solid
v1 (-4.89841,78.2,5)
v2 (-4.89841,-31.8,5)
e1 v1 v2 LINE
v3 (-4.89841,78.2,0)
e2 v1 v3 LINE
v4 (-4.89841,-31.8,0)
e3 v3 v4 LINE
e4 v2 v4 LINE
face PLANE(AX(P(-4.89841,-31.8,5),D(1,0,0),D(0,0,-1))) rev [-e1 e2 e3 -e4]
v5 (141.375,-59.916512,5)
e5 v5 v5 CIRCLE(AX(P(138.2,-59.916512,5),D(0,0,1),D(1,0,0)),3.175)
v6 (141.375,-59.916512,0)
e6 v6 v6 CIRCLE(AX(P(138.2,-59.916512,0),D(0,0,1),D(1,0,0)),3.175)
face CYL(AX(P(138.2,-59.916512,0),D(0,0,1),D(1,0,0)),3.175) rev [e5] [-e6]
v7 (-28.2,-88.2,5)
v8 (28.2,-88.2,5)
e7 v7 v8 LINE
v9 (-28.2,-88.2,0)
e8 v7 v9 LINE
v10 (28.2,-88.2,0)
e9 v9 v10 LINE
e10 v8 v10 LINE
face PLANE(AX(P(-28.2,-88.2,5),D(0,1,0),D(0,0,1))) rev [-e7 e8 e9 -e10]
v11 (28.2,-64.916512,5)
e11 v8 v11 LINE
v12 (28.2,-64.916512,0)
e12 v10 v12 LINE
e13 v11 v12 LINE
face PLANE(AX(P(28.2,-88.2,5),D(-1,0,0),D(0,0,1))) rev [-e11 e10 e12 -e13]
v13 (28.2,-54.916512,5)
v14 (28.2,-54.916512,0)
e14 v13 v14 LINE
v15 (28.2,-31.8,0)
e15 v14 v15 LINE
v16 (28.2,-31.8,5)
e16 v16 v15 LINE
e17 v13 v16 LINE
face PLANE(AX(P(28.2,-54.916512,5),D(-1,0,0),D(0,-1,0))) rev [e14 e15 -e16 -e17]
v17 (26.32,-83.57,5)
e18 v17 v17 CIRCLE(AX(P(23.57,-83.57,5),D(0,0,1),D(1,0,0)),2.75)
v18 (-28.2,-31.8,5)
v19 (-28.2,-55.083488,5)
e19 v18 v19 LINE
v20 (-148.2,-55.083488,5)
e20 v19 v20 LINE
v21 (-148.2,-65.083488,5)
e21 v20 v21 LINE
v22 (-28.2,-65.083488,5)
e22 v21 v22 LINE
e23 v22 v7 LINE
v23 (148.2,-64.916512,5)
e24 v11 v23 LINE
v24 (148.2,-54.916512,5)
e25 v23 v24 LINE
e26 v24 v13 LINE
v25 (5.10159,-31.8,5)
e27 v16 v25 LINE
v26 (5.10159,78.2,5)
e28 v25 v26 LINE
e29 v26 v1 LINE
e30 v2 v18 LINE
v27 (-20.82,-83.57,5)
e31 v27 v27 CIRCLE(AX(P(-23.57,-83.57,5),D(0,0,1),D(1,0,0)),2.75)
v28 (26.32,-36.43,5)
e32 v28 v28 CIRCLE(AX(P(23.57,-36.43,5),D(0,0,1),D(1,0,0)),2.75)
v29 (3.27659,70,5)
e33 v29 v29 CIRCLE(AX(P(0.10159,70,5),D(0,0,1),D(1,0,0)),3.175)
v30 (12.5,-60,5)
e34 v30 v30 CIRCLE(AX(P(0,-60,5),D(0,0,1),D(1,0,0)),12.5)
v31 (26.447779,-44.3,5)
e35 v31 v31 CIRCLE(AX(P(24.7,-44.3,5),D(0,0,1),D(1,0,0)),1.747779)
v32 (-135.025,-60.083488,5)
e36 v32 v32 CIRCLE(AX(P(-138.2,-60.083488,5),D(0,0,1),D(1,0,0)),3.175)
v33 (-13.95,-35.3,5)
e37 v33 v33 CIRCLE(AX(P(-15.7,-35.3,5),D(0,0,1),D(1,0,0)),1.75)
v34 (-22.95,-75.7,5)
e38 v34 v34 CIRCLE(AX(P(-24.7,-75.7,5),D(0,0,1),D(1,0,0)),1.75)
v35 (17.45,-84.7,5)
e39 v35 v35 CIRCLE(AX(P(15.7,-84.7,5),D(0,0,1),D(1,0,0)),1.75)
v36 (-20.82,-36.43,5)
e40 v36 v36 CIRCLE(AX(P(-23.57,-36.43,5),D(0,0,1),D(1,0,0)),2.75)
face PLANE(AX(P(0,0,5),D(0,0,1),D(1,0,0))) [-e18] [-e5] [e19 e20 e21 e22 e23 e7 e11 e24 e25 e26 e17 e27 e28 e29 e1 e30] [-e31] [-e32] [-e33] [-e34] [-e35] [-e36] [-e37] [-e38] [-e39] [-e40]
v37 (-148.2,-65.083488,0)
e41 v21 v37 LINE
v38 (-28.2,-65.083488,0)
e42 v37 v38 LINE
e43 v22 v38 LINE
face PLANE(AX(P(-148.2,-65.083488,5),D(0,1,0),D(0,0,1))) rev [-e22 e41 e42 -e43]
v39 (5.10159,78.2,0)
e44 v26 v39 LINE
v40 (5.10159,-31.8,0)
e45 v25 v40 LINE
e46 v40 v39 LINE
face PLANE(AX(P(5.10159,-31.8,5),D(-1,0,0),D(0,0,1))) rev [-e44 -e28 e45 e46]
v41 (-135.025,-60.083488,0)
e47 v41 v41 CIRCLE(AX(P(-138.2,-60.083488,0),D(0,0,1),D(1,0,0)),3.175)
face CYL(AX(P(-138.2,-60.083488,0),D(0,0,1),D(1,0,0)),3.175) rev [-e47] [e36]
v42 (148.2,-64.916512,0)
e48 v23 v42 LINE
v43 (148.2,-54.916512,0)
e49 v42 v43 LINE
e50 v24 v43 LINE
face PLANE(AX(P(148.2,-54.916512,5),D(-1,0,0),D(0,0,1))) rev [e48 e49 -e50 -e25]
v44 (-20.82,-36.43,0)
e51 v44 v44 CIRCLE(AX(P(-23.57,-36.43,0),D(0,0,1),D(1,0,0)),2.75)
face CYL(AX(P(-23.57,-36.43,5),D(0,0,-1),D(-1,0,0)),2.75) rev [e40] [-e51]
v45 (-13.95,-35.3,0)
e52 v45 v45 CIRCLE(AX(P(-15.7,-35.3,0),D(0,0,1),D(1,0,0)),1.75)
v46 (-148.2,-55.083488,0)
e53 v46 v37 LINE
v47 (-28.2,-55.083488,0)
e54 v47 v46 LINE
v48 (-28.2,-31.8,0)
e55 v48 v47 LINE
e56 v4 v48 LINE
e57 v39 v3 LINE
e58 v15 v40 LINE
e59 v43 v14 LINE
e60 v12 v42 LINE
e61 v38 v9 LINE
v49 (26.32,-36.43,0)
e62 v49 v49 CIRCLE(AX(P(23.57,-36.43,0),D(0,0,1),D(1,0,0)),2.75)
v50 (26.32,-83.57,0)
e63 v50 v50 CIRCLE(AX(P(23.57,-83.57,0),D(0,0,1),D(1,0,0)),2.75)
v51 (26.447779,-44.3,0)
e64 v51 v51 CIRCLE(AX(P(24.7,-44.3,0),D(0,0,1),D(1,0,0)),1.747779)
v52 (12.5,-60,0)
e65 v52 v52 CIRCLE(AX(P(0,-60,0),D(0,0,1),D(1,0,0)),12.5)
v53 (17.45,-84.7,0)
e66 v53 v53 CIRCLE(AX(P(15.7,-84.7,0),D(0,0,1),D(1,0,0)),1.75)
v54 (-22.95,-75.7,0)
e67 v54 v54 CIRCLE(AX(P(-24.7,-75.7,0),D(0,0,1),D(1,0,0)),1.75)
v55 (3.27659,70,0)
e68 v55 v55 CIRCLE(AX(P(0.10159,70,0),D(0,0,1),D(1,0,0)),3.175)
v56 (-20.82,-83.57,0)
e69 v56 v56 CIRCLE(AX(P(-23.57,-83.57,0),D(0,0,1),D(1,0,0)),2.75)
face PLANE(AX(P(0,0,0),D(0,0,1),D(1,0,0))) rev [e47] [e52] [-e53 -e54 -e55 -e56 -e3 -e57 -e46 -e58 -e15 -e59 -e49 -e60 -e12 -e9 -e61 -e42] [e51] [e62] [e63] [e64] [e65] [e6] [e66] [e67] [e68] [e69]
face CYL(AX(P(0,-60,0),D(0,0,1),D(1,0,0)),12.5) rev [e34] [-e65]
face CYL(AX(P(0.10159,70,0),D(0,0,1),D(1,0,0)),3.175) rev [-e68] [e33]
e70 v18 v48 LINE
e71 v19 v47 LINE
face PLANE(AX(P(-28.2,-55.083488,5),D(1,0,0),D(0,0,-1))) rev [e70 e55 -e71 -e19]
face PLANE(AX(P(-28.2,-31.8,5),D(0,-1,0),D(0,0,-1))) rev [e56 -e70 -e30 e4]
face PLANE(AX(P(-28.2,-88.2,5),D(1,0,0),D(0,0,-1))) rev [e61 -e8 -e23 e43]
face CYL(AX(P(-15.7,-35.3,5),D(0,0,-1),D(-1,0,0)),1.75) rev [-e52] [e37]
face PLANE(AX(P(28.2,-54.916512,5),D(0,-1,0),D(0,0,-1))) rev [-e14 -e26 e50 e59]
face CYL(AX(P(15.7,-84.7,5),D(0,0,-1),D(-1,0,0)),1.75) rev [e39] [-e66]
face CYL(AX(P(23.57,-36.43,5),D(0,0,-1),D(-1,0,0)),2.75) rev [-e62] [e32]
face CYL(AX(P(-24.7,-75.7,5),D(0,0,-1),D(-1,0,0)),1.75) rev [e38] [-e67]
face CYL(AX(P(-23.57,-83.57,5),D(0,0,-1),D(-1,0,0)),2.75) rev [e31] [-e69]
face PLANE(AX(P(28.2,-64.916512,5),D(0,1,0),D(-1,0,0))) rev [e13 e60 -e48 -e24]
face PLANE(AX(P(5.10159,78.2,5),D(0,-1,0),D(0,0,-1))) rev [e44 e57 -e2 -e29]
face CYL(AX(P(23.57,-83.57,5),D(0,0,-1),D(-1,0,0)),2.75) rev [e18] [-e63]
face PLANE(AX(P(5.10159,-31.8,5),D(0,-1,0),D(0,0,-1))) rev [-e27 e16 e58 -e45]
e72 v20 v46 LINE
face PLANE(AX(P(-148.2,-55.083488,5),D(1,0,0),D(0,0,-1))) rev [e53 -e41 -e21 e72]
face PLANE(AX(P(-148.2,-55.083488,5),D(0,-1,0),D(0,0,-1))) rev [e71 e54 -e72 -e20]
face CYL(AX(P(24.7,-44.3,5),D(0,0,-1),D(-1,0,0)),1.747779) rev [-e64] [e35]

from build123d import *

# Parameters (mm, degrees)
CROQUIS1_R              = 2.75
CROQUIS1_R_2            = 1.75
CROQUIS1_R_3            = 1.747778747
CROQUIS1_R_4            = 7.725412866
SALIENTE_EXTRUIR1_DEPTH = 5
CROQUIS2_R              = 3.175
CROQUIS2_R_2            = 12.5
CORTAR_EXTRUIR1_DEPTH   = 5


with BuildPart() as part:
    # Croquis1 → Saliente-Extruir1 (new body)
    with BuildSketch(Plane.XY):
        Polygon((-28.2, -55.083487529), (-28.2, -31.8), (-4.898409704, -31.8), (-4.898409704, 78.2), (5.101590296, 78.2), (5.101590296, -31.8), (28.2, -31.8), (28.2, -54.916512471), (148.2, -54.916512471), (148.2, -64.916512471), (28.2, -64.916512471), (28.2, -88.2), (-28.2, -88.2), (-28.2, -65.083487529), (-148.2, -65.083487529), (-148.2, -55.083487529), align=None)
        with Locations((-23.57, -36.43)):
            Circle(CROQUIS1_R, mode=Mode.SUBTRACT)
        with Locations((23.57, -36.43)):
            Circle(CROQUIS1_R, mode=Mode.SUBTRACT)
        with Locations((23.57, -83.57)):
            Circle(CROQUIS1_R, mode=Mode.SUBTRACT)
        with Locations((-23.57, -83.57)):
            Circle(CROQUIS1_R, mode=Mode.SUBTRACT)
        with Locations((-15.7, -35.3)):
            Circle(CROQUIS1_R_2, mode=Mode.SUBTRACT)
        with Locations((24.7, -44.3)):
            Circle(CROQUIS1_R_3, mode=Mode.SUBTRACT)
        with Locations((15.7, -84.7)):
            Circle(CROQUIS1_R_2, mode=Mode.SUBTRACT)
        with Locations((-24.7, -75.7)):
            Circle(CROQUIS1_R_2, mode=Mode.SUBTRACT)
        with Locations((0, -60)):
            Circle(CROQUIS1_R_4, mode=Mode.SUBTRACT)
    extrude(amount=SALIENTE_EXTRUIR1_DEPTH)

    # Croquis2 → Cortar-Extruir1 (cut)
    with BuildSketch(Plane.XY.offset(5)):
        with Locations((0.101590296, 70)):
            Circle(CROQUIS2_R)
        with Locations((138.2, -59.916512471)):
            Circle(CROQUIS2_R)
        with Locations((-138.2, -60.083487529)):
            Circle(CROQUIS2_R)
        with Locations((0, -60)):
            Circle(CROQUIS2_R_2)
    extrude(amount=-CORTAR_EXTRUIR1_DEPTH, mode=Mode.SUBTRACT)


solid = part.part
